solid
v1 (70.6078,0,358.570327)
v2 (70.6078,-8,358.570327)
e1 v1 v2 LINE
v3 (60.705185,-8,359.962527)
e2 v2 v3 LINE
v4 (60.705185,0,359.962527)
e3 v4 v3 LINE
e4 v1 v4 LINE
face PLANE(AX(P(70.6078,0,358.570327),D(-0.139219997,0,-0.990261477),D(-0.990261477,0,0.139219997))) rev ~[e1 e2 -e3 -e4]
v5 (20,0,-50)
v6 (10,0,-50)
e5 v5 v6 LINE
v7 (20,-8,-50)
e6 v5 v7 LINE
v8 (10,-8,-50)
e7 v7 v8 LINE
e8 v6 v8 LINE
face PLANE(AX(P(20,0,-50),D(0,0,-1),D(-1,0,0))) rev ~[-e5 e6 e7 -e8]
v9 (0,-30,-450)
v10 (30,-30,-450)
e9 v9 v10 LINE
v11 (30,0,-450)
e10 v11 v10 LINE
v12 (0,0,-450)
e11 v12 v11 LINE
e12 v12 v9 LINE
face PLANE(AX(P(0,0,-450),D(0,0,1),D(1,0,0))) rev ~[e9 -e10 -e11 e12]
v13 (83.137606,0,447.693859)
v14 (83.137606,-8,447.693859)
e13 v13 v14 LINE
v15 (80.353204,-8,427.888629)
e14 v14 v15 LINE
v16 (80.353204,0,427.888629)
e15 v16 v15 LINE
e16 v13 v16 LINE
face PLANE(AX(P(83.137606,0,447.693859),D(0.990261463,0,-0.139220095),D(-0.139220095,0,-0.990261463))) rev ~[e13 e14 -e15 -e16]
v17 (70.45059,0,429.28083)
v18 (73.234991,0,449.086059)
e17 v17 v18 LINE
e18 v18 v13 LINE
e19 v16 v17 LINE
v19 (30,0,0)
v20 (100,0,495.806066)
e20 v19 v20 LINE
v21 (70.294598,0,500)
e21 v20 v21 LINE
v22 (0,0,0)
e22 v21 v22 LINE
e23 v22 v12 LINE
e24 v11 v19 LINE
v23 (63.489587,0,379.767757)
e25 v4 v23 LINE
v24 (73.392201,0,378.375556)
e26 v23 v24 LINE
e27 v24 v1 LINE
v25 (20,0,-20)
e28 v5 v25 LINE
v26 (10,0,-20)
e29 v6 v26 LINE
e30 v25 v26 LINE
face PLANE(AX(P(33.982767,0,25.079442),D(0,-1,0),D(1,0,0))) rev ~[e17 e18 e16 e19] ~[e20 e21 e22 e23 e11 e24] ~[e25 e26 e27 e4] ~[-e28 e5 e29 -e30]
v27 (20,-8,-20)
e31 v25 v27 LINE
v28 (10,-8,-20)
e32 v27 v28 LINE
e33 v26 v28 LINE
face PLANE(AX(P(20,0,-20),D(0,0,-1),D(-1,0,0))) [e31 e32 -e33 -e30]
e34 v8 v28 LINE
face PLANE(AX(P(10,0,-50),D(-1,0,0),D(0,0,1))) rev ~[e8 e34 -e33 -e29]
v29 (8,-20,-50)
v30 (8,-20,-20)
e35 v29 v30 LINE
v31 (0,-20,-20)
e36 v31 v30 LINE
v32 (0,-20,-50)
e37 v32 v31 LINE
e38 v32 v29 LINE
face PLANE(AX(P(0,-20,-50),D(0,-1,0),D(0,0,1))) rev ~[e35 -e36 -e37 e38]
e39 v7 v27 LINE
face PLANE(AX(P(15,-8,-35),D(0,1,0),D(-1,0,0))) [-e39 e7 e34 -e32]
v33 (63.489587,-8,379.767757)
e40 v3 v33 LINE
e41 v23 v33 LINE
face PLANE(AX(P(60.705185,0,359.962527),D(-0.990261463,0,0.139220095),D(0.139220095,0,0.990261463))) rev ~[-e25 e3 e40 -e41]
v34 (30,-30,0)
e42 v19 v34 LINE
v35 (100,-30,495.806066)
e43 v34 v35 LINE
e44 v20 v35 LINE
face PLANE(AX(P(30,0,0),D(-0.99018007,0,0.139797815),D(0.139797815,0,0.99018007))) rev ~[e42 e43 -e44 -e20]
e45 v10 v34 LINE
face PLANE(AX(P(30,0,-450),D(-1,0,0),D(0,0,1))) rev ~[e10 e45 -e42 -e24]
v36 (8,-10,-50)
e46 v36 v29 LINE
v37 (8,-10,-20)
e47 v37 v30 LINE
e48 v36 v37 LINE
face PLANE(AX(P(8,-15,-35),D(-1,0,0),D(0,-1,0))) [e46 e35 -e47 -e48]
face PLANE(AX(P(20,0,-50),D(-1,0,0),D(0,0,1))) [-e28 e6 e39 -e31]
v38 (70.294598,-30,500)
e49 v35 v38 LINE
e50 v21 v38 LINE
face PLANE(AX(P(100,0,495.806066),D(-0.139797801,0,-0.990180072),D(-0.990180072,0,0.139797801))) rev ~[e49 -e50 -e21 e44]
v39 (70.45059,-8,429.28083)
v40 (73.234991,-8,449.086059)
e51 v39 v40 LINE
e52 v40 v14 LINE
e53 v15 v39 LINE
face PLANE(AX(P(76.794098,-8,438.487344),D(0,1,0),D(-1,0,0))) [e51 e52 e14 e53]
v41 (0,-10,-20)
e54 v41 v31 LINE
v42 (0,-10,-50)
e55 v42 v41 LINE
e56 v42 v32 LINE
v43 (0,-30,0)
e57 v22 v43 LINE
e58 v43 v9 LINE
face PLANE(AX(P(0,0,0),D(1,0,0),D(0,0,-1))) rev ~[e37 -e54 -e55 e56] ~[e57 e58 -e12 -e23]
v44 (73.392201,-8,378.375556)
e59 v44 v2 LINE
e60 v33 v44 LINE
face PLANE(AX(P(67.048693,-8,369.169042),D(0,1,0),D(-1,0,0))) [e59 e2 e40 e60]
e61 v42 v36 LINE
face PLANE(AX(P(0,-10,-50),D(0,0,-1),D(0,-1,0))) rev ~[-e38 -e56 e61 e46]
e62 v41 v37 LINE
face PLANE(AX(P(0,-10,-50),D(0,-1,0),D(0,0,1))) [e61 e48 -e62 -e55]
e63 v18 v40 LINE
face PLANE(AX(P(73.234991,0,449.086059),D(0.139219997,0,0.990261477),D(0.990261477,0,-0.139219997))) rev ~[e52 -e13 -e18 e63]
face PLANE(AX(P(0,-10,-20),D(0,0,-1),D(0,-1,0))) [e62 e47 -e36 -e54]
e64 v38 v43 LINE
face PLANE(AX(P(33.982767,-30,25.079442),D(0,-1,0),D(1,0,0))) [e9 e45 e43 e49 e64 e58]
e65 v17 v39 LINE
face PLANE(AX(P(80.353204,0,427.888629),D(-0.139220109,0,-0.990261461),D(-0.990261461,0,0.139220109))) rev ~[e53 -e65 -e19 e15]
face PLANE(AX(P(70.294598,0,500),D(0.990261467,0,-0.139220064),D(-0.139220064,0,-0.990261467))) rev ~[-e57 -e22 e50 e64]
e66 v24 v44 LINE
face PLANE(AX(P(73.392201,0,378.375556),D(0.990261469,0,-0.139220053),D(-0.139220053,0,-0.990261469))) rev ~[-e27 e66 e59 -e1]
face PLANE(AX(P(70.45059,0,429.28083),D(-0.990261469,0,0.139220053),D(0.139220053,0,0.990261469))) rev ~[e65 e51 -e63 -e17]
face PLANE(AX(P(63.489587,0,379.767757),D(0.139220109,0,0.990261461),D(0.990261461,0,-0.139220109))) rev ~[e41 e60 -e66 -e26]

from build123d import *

# Parameters (mm, degrees)
F1_DEPTH = 30
F3_DEPTH = 8
F4_W     = 10
F4_H     = 30
F5_DEPTH = 8
F6_W     = 10
F6_H     = 30
F7_DEPTH = 8


with BuildPart() as f1:
    # F0 (on Front) → F1 (new body)
    with BuildSketch(Plane.XZ):
        Polygon((70.294598, 500), (0, 0), (0, -450), (30, -450), (30, 0), (100, 495.806066), align=None)
    extrude(amount=F1_DEPTH)

    # F2 (on face) → F3 (cut)
    with BuildSketch(Plane(origin=(0, 0, 0), x_dir=(-1, 0, 0), z_dir=(0, 1, 0))):
        Polygon((-73.234991, 449.086059), (-83.137606, 447.693859), (-80.353204, 427.888629), (-70.45059, 429.28083), align=None)
        Polygon((-63.489587, 379.767757), (-73.392201, 378.375556), (-70.6078, 358.570327), (-60.705185, 359.962527), align=None)
    extrude(amount=-F3_DEPTH, mode=Mode.SUBTRACT)

    # F4 (on face) → F5 (cut)
    with BuildSketch(Plane(origin=(0, 0, 0), x_dir=(-1, 0, 0), z_dir=(0, 1, 0))):
        with Locations((-15, -35)):
            Rectangle(F4_W, F4_H)
    extrude(amount=-F5_DEPTH, mode=Mode.SUBTRACT)

    # F6 (on face) → F7 (cut)
    with BuildSketch(Plane(origin=(0, 0, 0), x_dir=(0, -1, 0), z_dir=(-1, 0, 0))):
        with Locations((15, -35)):
            Rectangle(F6_W, F6_H)
    extrude(amount=-F7_DEPTH, mode=Mode.SUBTRACT)


solid = f1.part
